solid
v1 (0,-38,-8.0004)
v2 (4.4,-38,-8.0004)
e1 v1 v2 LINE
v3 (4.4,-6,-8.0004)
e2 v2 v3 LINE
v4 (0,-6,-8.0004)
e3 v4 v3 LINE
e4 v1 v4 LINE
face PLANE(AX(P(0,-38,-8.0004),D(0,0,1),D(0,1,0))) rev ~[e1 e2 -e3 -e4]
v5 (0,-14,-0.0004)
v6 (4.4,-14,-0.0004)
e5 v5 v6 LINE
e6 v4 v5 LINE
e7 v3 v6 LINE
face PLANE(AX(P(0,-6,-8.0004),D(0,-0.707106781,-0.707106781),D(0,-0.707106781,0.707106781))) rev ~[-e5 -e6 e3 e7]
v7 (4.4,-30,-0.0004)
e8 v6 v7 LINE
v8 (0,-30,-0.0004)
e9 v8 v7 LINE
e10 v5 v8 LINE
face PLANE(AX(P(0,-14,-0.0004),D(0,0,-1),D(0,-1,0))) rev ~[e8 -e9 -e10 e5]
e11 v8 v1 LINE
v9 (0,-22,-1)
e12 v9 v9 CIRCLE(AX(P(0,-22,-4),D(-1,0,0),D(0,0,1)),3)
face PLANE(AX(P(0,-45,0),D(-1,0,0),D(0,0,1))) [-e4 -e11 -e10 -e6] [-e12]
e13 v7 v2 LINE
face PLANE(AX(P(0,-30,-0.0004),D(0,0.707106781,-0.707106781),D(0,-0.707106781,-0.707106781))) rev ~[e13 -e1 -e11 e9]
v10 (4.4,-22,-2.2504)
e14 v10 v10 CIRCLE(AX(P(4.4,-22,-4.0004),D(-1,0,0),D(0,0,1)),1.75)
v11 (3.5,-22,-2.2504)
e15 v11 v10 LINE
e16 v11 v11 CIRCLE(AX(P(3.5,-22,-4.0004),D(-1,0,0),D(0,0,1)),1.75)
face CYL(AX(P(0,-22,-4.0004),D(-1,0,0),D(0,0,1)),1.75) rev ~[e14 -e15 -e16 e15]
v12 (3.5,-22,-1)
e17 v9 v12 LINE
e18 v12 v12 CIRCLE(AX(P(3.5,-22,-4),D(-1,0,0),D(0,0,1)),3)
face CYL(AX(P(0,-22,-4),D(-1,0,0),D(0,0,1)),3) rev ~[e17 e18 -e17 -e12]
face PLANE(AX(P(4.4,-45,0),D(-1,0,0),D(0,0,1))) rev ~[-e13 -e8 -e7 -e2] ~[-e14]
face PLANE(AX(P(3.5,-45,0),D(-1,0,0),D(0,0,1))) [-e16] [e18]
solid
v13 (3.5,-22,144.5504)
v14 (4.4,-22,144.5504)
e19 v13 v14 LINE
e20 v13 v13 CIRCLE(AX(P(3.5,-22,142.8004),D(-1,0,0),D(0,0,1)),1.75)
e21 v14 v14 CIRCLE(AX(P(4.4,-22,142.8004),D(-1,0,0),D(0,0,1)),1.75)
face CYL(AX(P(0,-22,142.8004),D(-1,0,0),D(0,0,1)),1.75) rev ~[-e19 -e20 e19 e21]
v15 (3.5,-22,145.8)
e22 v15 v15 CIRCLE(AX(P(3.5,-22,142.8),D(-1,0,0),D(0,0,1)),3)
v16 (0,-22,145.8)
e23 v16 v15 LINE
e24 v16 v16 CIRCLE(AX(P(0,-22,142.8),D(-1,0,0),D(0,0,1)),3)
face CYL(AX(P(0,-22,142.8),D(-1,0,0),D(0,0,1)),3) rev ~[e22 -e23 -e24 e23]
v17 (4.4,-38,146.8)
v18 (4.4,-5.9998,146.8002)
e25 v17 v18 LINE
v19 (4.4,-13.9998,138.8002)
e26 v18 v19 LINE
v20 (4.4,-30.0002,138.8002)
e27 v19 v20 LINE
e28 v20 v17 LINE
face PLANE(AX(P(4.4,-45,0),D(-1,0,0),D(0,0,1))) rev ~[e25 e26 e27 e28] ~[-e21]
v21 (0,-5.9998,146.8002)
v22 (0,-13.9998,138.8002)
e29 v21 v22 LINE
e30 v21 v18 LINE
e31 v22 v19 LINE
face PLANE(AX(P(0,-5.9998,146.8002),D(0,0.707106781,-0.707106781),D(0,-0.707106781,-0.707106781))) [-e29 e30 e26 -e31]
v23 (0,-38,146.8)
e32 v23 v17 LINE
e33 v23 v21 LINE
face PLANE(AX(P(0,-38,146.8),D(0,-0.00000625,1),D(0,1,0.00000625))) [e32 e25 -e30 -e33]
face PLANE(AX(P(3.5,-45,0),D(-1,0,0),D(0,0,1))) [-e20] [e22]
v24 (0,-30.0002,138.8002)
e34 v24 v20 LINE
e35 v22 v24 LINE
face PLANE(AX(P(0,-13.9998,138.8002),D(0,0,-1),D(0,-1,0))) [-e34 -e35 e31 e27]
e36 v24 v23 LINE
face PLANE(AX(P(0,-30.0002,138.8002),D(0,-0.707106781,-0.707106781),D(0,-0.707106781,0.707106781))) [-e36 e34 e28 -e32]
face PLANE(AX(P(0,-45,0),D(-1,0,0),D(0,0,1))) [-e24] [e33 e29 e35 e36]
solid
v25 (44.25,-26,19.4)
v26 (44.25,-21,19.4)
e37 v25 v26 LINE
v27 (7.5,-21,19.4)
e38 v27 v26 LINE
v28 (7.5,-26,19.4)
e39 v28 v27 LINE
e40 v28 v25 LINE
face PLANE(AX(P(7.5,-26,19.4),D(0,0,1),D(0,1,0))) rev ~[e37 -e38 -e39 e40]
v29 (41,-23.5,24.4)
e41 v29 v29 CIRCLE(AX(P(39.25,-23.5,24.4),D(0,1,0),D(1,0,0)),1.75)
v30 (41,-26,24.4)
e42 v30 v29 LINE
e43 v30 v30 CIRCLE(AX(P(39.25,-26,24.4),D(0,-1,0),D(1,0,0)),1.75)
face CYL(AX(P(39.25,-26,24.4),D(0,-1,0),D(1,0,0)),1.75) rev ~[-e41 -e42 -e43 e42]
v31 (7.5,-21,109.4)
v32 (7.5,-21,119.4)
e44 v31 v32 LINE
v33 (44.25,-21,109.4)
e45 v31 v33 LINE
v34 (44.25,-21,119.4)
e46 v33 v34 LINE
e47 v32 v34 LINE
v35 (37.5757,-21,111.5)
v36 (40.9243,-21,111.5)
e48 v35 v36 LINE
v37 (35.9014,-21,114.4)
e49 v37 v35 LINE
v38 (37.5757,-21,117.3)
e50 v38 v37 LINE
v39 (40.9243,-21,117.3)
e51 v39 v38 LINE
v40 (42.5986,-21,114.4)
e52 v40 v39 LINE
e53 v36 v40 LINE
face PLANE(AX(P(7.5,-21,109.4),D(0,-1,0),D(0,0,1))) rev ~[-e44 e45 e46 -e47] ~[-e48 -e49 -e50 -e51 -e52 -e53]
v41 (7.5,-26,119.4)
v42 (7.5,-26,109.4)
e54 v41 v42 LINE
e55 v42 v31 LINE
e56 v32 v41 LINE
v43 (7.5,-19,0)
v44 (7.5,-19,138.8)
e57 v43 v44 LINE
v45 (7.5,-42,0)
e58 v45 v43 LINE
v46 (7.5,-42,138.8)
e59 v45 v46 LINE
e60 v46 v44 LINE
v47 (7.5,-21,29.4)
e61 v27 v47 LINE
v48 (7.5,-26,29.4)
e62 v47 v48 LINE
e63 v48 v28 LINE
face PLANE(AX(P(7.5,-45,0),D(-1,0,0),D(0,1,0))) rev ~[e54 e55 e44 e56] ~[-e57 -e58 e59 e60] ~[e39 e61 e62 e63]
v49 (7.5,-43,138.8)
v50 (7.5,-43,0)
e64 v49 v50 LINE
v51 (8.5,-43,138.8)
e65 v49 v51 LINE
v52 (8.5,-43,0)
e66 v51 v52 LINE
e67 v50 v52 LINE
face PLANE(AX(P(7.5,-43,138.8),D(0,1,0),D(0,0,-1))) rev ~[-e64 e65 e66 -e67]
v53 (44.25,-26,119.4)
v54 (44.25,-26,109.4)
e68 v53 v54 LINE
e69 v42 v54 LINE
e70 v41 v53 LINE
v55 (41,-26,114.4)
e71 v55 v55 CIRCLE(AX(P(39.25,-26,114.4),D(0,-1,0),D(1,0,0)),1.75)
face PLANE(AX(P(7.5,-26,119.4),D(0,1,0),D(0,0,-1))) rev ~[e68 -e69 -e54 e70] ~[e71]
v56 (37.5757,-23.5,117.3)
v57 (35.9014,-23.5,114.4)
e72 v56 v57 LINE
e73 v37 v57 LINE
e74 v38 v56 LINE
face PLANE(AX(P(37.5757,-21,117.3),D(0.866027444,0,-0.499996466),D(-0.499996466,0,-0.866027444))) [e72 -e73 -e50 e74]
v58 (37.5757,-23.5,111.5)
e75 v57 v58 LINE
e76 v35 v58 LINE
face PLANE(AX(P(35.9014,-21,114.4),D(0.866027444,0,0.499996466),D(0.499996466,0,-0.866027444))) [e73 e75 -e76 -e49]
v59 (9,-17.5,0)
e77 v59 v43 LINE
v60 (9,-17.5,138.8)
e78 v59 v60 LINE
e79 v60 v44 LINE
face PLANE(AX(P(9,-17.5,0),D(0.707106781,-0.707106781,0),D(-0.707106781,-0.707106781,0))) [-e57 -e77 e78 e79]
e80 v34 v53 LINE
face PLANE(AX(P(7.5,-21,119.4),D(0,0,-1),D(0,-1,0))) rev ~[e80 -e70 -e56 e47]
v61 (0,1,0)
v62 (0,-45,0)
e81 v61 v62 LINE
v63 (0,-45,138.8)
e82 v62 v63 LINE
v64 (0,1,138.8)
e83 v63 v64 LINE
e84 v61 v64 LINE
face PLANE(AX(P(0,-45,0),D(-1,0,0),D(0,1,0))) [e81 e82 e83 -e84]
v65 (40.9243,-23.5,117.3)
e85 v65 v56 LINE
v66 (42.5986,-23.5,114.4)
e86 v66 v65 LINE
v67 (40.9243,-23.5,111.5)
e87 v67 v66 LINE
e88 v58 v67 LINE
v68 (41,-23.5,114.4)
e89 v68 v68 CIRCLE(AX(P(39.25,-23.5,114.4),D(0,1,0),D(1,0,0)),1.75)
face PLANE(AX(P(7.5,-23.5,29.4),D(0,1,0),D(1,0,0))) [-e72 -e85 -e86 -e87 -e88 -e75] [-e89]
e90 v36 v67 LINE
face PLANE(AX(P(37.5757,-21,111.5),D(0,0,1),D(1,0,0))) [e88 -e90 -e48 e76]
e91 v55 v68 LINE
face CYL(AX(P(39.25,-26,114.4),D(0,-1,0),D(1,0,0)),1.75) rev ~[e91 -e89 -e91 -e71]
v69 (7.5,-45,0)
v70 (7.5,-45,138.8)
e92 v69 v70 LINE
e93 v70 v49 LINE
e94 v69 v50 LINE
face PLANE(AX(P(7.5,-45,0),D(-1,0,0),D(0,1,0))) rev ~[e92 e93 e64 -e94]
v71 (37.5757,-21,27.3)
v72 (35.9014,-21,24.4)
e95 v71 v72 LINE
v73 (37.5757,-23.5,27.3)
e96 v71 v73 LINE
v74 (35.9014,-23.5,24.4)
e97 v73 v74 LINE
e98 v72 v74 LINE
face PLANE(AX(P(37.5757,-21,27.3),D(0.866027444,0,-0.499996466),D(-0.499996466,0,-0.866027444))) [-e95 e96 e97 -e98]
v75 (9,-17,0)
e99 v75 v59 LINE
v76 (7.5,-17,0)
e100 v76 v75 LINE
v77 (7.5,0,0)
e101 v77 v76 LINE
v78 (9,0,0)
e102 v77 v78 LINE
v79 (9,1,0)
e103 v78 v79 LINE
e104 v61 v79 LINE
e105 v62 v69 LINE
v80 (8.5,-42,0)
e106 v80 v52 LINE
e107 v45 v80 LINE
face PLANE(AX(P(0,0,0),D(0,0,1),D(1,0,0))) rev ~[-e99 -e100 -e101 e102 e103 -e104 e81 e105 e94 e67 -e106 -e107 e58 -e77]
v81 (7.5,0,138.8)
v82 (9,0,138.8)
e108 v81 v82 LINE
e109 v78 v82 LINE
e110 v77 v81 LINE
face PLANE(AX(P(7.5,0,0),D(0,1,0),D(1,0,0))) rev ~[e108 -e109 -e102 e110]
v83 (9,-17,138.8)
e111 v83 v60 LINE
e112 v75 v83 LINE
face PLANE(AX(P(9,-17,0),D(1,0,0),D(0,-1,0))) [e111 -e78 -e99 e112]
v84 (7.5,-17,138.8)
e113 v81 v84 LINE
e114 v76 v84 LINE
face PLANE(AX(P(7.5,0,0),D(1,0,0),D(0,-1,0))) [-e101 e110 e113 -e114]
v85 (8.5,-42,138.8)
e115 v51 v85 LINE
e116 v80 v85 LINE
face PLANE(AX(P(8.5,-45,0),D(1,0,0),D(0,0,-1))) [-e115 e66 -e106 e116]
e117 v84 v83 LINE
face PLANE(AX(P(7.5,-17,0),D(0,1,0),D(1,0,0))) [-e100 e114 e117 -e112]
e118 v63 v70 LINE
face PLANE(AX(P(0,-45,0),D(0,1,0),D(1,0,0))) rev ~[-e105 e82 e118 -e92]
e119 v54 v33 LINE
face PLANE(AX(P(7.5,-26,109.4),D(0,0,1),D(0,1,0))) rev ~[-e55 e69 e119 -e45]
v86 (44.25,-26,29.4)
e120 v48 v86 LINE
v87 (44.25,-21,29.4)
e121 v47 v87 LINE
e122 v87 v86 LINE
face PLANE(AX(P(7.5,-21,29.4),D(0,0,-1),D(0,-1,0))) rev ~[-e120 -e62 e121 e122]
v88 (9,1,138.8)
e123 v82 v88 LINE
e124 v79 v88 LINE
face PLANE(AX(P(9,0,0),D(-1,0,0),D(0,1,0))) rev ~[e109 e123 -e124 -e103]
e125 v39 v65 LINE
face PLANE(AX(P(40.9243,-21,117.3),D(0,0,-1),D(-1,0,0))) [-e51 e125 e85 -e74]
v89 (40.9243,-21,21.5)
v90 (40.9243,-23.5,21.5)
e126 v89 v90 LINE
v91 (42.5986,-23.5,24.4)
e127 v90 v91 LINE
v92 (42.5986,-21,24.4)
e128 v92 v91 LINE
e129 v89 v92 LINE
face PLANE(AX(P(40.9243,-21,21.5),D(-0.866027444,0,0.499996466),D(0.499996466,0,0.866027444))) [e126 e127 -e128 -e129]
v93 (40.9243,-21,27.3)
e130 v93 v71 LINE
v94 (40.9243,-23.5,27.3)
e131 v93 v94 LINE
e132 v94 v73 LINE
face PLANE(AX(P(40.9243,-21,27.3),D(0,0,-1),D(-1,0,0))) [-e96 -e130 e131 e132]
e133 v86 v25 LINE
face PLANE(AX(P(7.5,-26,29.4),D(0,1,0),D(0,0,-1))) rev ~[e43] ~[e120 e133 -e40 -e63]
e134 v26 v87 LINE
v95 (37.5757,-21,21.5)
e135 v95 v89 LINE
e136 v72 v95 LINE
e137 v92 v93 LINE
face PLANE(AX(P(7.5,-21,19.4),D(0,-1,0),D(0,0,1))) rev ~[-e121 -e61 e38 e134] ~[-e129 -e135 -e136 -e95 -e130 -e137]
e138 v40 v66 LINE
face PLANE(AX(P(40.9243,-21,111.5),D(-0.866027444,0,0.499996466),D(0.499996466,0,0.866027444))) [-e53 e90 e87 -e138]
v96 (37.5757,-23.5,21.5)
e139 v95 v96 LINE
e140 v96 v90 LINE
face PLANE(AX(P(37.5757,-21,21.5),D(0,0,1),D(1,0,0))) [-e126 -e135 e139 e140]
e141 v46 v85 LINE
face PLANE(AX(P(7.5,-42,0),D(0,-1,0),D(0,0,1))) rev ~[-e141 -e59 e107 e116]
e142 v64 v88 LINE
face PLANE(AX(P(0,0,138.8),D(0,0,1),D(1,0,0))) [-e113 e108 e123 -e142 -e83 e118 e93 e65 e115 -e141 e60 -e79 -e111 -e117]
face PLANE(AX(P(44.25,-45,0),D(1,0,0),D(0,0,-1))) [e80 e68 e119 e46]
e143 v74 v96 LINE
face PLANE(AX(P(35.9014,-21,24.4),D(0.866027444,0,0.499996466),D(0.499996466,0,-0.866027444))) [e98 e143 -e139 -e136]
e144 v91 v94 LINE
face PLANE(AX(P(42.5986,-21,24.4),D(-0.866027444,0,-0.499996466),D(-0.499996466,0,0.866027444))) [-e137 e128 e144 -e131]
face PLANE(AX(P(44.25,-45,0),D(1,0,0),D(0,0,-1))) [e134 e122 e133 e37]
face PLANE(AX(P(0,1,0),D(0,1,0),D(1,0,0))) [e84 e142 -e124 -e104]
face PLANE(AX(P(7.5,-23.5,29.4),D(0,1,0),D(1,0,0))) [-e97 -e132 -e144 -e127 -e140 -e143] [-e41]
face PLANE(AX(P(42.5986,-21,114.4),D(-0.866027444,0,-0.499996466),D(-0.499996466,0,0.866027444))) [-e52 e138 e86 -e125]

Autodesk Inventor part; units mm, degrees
ref_plane "YZ Plane" through (0, 0, 0) normal (1, 0, 0) x (0, 1, 0)
ref_plane "XZ Plane" through (0, 0, 0) normal (0, 1, 0) x (-1, 0, 0)
ref_plane "XY Plane" through (0, 0, 0) normal (0, 0, 1) x (1, 0, 0)
ref_plane "Arbeitsebene1" through (0, 0, 0) normal (0, 0, 1) x (1, 0, 0)
sketch "Skizze1" plane through (0, 0, 0) normal (0, 0, 1) x (1, 0, 0)
  line L0 (0, 1) -> (9, 1) projected
  line L1 (0, -14) -> (0, 1) projected
  line L2 (0, -45) -> (0, -30) projected
  line L3 (7.5, 0) -> (7.5, -17) projected
  line L4 (9, 0) -> (9, 1) projected
  line L5 (7.5, 0) -> (9, 0) projected
  line L6 (7.5, -17) -> (9, -17) projected
  line L7 (9, -17) -> (9, -17.5) projected
  line L8 (9, -17.5) -> (7.5, -19) projected
  line L9 (0, -14) -> (0, -30)
  line L10 (0, -45) -> (7.5, -45)
  line L11 (7.5, -45) -> (7.5, -19)
  point P0 (0, 0)
extrude "Extrusion1" add sketch "Skizze1" along normal blind 138.8
sketch "Skizze2" plane through (0, -45, 0) normal (-1, 0, 0) x (0, 0, 1)
  line L0 (0, 46) -> (138.8, 46) construction
  line L1 (69.4, 46) -> (69.4, 0) construction
  line L2 (0, 0) -> (138.8, 0) construction
  line L3 (-8.0004, 39) -> (-0.0004, 31) projected
  line L4 (-8.0004, 7) -> (-8.0004, 39) projected
  line L5 (-0.0004, 15) -> (-8.0004, 7) projected
  circle A0 centre (-4.0004, 23) radius 1.75 projected
  line L6 (-0.0004, 31) -> (-0.0004, 15) projected
  line L7 (-8.0004, 39) -> (-0.0004, 31) projected
  line L8 (-8.0004, 7) -> (-8.0004, 39) projected
  line L9 (-0.0004, 15) -> (-8.0004, 7) projected
  line L10 (146.8002, 39.0002) -> (138.8002, 31.0002)
  line L11 (146.8, 7) -> (146.8, 39)
  line L12 (138.8002, 14.9998) -> (146.8002, 6.9998)
  circle A1 centre (142.8004, 23) radius 1.75
  line L13 (138.8, 31) -> (138.8, 15)
  line L14 (146.8002, 39.0002) -> (138.8002, 31.0002)
  line L15 (146.8, 7) -> (146.8, 39)
  line L16 (138.8002, 14.9998) -> (146.8002, 6.9998)
  line L17 (0, 0) -> (0, 46) construction
  line L18 (138.8, 46) -> (138.8, 0) construction
  point P0 (0, 45)
  point P1 (146.8004, 39)
  point P2 (138.8004, 31)
  point P3 (146.8004, 7)
  point P4 (138.8004, 15)
extrude "Extrusion2" add sketch "Skizze2" against normal blind 4.4
sketch "Skizze3" plane through (0, -45, 0) normal (-1, 0, 0) x (0, 0, 1)
  circle A0 centre (-4, 23) radius 1.75 construction
  circle A1 centre (142.8, 23) radius 1.75 construction
  circle A2 centre (-4, 23) radius 3
  circle A3 centre (142.8, 23) radius 3
  point P0 (0, 45)
  dimension "d4" = 6
  dimension "d5" = 6
extrude "Extrusion3" cut sketch "Skizze3" against normal blind 3.5
sketch "Skizze4" plane through (7.5, -45, 0) normal (1, 0, 0) x (0, 0, -1)
  line L0 (-138.8, 0) -> (-138.8, 26) projected
  line L1 (0, 26) -> (0, 0) projected
  line L2 (-138.8, 2) -> (0, 2)
  line L3 (0, 2) -> (0, 3)
  line L4 (0, 3) -> (-138.8, 3)
  line L5 (-138.8, 3) -> (-138.8, 2)
  line L6 (0, 0) -> (-138.8, 0) projected
  point P0 (0, 45)
  dimension "d8" = 1
  dimension "d9" = 2
sketch "Skizze5" plane through (7.5, -45, 0) normal (1, 0, 0) x (0, 0, -1)
  line L0 (-138.8, 0) -> (-138.8, 26) construction
  line L1 (-138.8, 24) -> (0, 24) construction
  line L2 (0, 26) -> (0, 0) construction
  line L3 (-19.4, 24) -> (-29.4, 24)
  line L4 (-29.4, 24) -> (-29.4, 19)
  line L5 (-29.4, 19) -> (-19.4, 19)
  line L6 (-19.4, 19) -> (-19.4, 24)
  line L7 (-109.4, 24) -> (-119.4, 24)
  line L8 (-119.4, 24) -> (-119.4, 19)
  line L9 (-119.4, 19) -> (-109.4, 19)
  line L10 (-109.4, 19) -> (-109.4, 24)
  line L11 (-119.4, 19) -> (-138.8, 19) construction
  line L12 (-19.4, 19) -> (0, 19) construction
  line L13 (0, 26) -> (-138.8, 26) construction
  point P0 (0, 45)
  dimension "d10" = 10
  dimension "d11" = 5
  dimension "d12" = 5
  dimension "d13" = 10
  dimension "d14" = 80
  dimension "d15" = 2
extrude "Extrusion4" add sketch "Skizze5" along normal blind 36.75
extrude "Extrusion5" add sketch "Skizze4" along normal blind 1 contours L0 L4 L1 L2
sketch "Skizze6" plane through (7.5, -26, 19.4) normal (0, -1, 0) x (1, 0, 0)
  circle A0 centre (31.75, 95) radius 1.75
  circle A1 centre (31.75, 5) radius 1.75
  line L0 (36.75, 100) -> (36.75, 90) projected
  line L1 (0, 90) -> (36.75, 90) projected
  line L2 (0, 10) -> (36.75, 10) projected
  line L3 (36.75, 10) -> (36.75, 0) projected
  point P0 (-7.5, -19.4)
  dimension "d20" = 3.5
  dimension "d21" = 3.5
  dimension "d22" = 5
  dimension "d23" = 5
  dimension "d24" = 5
  dimension "d25" = 5
extrude "Extrusion6" cut sketch "Skizze6" against normal blind 10
sketch "Skizze7" plane through (7.5, -21, 29.4) normal (0, 1, 0) x (1, 0, 0)
  circle A0 centre (31.75, 5) radius 1.75 construction
  circle A1 centre (31.75, -85) radius 1.75 construction
  circle A2 centre (31.75, 5) radius 1.75 projected
  line L0 (30.0757, 2.1) -> (28.4014, 5)
  line L1 (28.4014, 5) -> (30.0757, 7.9)
  line L2 (30.0757, 7.9) -> (33.4243, 7.9)
  line L3 (33.4243, 7.9) -> (35.0986, 5)
  line L4 (35.0986, 5) -> (33.4243, 2.1)
  line L5 (33.4243, 2.1) -> (30.0757, 2.1)
  circle A3 centre (31.75, -85) radius 1.75 projected
  line L6 (28.4014, -85) -> (30.0757, -82.1)
  line L7 (30.0757, -82.1) -> (33.4243, -82.1)
  line L8 (33.4243, -82.1) -> (35.0986, -85)
  line L9 (35.0986, -85) -> (33.4243, -87.9)
  line L10 (33.4243, -87.9) -> (30.0757, -87.9)
  line L11 (30.0757, -87.9) -> (28.4014, -85)
  point P0 (-7.5, 29.4)
  dimension "d28" = 5.8
  dimension "d29" = 5.8
extrude "Extrusion7" cut sketch "Skizze7" against normal blind 2.5
equation "\"d12\" = d11"
equation "\"d13\" = d10"
equation "\"d21\" = d20"
equation "\"d23\" = d22"
equation "\"d24\" = d22"
equation "\"d25\" = d22"
equation "\"d29\" = d28"
